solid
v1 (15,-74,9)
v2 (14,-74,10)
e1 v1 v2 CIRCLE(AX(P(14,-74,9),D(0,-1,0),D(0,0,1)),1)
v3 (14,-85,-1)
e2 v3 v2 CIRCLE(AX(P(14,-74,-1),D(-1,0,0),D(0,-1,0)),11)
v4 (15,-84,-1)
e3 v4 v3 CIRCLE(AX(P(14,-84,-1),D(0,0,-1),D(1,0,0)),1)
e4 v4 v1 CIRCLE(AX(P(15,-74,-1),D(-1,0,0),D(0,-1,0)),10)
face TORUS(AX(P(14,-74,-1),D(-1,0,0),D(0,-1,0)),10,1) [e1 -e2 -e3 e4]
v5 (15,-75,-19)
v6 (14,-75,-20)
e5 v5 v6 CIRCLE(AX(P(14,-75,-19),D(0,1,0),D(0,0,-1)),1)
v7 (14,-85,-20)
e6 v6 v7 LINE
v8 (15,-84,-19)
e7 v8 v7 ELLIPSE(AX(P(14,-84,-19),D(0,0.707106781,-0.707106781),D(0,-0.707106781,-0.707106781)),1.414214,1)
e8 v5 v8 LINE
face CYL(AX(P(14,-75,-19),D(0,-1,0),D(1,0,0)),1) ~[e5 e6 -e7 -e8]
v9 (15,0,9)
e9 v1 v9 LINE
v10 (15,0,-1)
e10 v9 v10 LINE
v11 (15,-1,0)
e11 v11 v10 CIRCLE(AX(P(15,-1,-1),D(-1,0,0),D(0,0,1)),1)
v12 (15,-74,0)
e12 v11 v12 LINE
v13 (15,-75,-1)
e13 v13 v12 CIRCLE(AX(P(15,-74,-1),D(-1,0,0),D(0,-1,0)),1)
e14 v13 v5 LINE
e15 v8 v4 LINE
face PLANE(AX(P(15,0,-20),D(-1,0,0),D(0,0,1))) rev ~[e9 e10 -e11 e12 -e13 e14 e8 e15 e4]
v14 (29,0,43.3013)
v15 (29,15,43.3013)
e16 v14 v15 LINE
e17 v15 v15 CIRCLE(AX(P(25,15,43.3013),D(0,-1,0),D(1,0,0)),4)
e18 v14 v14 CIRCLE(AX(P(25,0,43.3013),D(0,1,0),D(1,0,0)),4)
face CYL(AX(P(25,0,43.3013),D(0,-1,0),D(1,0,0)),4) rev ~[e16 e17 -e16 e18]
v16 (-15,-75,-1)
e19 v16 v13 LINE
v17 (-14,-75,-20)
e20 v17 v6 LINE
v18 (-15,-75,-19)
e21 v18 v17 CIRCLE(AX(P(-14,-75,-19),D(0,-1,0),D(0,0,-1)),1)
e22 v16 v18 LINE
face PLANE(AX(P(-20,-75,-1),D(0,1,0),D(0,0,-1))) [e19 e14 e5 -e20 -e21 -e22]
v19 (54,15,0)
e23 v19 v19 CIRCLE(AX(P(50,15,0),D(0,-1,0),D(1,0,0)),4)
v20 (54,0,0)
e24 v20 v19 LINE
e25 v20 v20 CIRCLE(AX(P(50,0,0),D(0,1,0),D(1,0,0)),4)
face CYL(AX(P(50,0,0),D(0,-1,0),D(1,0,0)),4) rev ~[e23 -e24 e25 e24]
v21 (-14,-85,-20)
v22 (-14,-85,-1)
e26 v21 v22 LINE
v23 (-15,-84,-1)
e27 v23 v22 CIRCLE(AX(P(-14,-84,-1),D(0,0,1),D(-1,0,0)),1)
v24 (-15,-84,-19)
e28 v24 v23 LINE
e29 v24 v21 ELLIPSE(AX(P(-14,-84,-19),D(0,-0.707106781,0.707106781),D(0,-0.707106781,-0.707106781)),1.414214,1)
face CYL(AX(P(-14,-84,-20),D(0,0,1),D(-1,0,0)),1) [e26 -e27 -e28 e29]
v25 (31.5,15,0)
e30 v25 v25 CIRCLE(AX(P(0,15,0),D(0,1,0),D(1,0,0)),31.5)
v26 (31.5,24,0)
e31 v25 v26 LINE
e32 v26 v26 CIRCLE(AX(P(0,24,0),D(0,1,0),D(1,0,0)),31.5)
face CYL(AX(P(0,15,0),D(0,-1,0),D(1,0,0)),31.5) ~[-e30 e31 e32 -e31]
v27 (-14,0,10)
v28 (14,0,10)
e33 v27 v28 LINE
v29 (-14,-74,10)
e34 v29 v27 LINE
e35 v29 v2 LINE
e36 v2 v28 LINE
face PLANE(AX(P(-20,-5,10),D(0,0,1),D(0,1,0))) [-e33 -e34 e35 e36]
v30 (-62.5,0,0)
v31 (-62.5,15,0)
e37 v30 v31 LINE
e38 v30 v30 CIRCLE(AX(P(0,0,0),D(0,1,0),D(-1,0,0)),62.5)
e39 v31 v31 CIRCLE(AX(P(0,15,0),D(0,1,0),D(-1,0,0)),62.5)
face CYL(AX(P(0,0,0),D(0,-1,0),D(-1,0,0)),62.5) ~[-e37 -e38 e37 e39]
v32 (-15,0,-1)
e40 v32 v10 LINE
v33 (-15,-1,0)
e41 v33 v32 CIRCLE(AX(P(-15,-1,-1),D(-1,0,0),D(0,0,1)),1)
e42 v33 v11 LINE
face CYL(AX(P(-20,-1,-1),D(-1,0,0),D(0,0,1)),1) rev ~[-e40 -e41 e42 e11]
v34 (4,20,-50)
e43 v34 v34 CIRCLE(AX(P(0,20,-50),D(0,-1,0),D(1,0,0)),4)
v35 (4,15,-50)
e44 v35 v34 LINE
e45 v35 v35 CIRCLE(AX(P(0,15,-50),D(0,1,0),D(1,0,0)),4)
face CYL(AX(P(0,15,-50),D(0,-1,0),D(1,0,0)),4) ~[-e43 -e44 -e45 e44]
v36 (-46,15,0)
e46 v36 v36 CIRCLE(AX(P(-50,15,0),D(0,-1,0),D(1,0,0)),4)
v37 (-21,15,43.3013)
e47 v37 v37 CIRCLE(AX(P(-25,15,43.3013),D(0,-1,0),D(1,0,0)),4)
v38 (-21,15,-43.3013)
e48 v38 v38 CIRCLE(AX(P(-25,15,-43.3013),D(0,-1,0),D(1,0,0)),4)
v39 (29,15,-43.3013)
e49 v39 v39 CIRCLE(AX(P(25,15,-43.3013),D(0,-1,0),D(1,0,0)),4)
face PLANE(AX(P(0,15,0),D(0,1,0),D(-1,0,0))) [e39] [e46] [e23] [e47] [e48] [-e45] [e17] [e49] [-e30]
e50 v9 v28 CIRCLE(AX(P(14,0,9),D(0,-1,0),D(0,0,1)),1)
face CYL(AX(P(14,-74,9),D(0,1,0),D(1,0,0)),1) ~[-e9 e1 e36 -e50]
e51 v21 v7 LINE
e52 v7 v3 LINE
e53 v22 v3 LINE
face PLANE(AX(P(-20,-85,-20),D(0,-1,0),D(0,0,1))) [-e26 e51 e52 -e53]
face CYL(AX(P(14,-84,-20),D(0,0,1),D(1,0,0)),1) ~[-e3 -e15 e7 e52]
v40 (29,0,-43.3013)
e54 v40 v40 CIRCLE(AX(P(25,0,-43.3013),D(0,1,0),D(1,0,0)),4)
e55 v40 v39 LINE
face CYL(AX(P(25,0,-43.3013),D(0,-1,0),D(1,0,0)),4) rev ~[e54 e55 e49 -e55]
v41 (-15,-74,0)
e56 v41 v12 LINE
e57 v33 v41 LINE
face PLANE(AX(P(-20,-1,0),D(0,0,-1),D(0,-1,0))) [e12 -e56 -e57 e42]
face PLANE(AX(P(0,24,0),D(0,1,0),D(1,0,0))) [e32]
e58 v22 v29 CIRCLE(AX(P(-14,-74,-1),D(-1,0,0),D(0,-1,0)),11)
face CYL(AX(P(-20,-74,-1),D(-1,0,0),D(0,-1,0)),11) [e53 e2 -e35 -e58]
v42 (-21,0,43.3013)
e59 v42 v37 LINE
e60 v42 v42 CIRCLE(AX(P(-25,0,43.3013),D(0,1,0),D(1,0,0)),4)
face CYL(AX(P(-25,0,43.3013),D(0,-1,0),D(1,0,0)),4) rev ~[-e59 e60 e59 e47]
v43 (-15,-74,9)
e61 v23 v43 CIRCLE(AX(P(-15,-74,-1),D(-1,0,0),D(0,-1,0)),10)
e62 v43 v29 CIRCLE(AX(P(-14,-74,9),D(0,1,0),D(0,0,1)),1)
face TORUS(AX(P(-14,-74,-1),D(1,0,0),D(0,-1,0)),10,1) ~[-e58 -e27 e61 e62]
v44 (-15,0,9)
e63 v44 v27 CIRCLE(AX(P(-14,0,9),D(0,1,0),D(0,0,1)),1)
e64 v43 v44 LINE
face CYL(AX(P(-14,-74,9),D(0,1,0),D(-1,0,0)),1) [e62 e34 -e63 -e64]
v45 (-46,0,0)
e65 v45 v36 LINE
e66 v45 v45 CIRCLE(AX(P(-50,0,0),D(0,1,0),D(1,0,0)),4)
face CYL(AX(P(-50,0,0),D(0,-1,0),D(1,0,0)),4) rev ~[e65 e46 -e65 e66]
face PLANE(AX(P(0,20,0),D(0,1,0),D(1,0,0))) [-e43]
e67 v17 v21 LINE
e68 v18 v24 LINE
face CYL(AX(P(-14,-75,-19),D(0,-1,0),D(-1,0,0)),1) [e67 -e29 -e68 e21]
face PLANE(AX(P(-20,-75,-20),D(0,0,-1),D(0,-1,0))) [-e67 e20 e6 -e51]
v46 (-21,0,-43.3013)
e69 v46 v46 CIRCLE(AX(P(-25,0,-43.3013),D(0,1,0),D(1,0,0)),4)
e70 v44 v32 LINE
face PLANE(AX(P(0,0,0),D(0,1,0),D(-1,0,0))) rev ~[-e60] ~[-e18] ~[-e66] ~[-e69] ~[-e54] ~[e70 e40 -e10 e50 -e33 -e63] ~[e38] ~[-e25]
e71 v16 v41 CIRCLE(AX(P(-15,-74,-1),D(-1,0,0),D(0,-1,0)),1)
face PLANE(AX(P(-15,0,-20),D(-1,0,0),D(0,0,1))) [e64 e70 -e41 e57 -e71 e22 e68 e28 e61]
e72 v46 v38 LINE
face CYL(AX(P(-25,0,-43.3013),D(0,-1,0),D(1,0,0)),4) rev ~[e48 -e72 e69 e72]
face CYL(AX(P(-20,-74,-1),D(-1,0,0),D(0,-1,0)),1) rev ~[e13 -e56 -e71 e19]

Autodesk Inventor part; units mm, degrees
ref_plane "YZ Plane" through (0, 0, 0) normal (1, 0, 0) x (0, 1, 0)
ref_plane "XZ Plane" through (0, 0, 0) normal (0, 1, 0) x (-1, 0, 0)
ref_plane "XY Plane" through (0, 0, 0) normal (0, 0, 1) x (1, 0, 0)
sketch "Sketch3" plane through (0, 0, 0) normal (0, 1, 0) x (-1, 0, 0)
  circle A0 centre (0, 0) radius 62.5
  dimension "d10" = 125
extrude "Extrusion3" add sketch "Sketch3" along normal blind 15
sketch "Sketch9" plane through (0, 0, 0) normal (0, -1, 0) x (1, 0, 0)
  circle A0 centre (0, 0) radius 50
  circle A1 centre (-50, 0) radius 4
  circle A2 centre (-25, -43.3013) radius 4
  circle A3 centre (25, -43.3013) radius 4
  circle A4 centre (50, 0) radius 4
  circle A5 centre (25, 43.3013) radius 4
  circle A6 centre (-25, 43.3013) radius 4
  dimension "d45" = 100
  dimension "d46" = 8
  dimension "d49" = 360
extrude "Extrusion8" cut sketch "Sketch9" against normal blind 20 contours A0 A4 | A0 A4 | A5 A0 | A0 A5 | A3 A0 | A0 A3 | A6 A0 | A0 A6 | A2 A0 | A0 A2 | A1 A0 | A0 A1
sketch "Sketch10" plane through (0, 15, 0) normal (0, 1, 0) x (1, 0, 0)
  circle A0 centre (25, 43.3013) radius 4 projected
  circle A1 centre (0, 0) radius 50
  circle A2 centre (0, 50) radius 4
  circle A3 centre (0, 0) radius 31.5
  dimension "d53" = 8
  dimension "d54" = 63
extrude "Extrusion9" add sketch "Sketch10" along normal blind 9 contours A3
extrude "Extrusion10" add sketch "Sketch10" along normal blind 5 contours A2 A1 | A1 A2
ref_plane "Work Plane1" through (-20, 0, -20) normal (-1, 0, 0) x (0, 0, 1)
sketch "Sketch14" plane through (-20, 0, -20) normal (-1, 0, 0) x (0, 0, 1)
  line L0 (20, -1) -> (20, -74)
  arc A0 (20, -1) -> (19, 0) centre (19, -1) ccw
  line L1 (19, -75) -> (0, -75)
  arc A1 (19, -75) -> (20, -74) centre (19, -74) ccw
  line L2 (0, -85) -> (19, -85)
  arc A2 (19, -85) -> (30, -74) centre (19, -74) ccw
  line L3 (30, -74) -> (30, -5)
  line L4 (30, -5) -> (30, 0)
  line L5 (30, 0) -> (19, 0)
  line L6 (0, -75) -> (0, -85)
  point P0 (20, 0)
  point P1 (20, -75)
  dimension "d92" = 75
  dimension "d93" = 1
  dimension "d94" = 20
  dimension "d95" = 1
  dimension "d96" = 10
  dimension "d102" = 75
extrude "Extrusion16" add sketch "Sketch14" against normal blind 35
extrude "Extrusion17" cut sketch "Sketch14" against normal blind 5
fillet "Fillet4" radius 1 8 edges at (15, -80, -20) (-15, -80, -20) (-15, -81.7782, 6.7782) (-15, -85, -10.5) (-15, -37, 10) (15, -81.7782, 6.7782) (15, -37, 10) (15, -85, -10.5)
properties part number "EndEffector" material "Steel, High Strength, Low Alloy"
